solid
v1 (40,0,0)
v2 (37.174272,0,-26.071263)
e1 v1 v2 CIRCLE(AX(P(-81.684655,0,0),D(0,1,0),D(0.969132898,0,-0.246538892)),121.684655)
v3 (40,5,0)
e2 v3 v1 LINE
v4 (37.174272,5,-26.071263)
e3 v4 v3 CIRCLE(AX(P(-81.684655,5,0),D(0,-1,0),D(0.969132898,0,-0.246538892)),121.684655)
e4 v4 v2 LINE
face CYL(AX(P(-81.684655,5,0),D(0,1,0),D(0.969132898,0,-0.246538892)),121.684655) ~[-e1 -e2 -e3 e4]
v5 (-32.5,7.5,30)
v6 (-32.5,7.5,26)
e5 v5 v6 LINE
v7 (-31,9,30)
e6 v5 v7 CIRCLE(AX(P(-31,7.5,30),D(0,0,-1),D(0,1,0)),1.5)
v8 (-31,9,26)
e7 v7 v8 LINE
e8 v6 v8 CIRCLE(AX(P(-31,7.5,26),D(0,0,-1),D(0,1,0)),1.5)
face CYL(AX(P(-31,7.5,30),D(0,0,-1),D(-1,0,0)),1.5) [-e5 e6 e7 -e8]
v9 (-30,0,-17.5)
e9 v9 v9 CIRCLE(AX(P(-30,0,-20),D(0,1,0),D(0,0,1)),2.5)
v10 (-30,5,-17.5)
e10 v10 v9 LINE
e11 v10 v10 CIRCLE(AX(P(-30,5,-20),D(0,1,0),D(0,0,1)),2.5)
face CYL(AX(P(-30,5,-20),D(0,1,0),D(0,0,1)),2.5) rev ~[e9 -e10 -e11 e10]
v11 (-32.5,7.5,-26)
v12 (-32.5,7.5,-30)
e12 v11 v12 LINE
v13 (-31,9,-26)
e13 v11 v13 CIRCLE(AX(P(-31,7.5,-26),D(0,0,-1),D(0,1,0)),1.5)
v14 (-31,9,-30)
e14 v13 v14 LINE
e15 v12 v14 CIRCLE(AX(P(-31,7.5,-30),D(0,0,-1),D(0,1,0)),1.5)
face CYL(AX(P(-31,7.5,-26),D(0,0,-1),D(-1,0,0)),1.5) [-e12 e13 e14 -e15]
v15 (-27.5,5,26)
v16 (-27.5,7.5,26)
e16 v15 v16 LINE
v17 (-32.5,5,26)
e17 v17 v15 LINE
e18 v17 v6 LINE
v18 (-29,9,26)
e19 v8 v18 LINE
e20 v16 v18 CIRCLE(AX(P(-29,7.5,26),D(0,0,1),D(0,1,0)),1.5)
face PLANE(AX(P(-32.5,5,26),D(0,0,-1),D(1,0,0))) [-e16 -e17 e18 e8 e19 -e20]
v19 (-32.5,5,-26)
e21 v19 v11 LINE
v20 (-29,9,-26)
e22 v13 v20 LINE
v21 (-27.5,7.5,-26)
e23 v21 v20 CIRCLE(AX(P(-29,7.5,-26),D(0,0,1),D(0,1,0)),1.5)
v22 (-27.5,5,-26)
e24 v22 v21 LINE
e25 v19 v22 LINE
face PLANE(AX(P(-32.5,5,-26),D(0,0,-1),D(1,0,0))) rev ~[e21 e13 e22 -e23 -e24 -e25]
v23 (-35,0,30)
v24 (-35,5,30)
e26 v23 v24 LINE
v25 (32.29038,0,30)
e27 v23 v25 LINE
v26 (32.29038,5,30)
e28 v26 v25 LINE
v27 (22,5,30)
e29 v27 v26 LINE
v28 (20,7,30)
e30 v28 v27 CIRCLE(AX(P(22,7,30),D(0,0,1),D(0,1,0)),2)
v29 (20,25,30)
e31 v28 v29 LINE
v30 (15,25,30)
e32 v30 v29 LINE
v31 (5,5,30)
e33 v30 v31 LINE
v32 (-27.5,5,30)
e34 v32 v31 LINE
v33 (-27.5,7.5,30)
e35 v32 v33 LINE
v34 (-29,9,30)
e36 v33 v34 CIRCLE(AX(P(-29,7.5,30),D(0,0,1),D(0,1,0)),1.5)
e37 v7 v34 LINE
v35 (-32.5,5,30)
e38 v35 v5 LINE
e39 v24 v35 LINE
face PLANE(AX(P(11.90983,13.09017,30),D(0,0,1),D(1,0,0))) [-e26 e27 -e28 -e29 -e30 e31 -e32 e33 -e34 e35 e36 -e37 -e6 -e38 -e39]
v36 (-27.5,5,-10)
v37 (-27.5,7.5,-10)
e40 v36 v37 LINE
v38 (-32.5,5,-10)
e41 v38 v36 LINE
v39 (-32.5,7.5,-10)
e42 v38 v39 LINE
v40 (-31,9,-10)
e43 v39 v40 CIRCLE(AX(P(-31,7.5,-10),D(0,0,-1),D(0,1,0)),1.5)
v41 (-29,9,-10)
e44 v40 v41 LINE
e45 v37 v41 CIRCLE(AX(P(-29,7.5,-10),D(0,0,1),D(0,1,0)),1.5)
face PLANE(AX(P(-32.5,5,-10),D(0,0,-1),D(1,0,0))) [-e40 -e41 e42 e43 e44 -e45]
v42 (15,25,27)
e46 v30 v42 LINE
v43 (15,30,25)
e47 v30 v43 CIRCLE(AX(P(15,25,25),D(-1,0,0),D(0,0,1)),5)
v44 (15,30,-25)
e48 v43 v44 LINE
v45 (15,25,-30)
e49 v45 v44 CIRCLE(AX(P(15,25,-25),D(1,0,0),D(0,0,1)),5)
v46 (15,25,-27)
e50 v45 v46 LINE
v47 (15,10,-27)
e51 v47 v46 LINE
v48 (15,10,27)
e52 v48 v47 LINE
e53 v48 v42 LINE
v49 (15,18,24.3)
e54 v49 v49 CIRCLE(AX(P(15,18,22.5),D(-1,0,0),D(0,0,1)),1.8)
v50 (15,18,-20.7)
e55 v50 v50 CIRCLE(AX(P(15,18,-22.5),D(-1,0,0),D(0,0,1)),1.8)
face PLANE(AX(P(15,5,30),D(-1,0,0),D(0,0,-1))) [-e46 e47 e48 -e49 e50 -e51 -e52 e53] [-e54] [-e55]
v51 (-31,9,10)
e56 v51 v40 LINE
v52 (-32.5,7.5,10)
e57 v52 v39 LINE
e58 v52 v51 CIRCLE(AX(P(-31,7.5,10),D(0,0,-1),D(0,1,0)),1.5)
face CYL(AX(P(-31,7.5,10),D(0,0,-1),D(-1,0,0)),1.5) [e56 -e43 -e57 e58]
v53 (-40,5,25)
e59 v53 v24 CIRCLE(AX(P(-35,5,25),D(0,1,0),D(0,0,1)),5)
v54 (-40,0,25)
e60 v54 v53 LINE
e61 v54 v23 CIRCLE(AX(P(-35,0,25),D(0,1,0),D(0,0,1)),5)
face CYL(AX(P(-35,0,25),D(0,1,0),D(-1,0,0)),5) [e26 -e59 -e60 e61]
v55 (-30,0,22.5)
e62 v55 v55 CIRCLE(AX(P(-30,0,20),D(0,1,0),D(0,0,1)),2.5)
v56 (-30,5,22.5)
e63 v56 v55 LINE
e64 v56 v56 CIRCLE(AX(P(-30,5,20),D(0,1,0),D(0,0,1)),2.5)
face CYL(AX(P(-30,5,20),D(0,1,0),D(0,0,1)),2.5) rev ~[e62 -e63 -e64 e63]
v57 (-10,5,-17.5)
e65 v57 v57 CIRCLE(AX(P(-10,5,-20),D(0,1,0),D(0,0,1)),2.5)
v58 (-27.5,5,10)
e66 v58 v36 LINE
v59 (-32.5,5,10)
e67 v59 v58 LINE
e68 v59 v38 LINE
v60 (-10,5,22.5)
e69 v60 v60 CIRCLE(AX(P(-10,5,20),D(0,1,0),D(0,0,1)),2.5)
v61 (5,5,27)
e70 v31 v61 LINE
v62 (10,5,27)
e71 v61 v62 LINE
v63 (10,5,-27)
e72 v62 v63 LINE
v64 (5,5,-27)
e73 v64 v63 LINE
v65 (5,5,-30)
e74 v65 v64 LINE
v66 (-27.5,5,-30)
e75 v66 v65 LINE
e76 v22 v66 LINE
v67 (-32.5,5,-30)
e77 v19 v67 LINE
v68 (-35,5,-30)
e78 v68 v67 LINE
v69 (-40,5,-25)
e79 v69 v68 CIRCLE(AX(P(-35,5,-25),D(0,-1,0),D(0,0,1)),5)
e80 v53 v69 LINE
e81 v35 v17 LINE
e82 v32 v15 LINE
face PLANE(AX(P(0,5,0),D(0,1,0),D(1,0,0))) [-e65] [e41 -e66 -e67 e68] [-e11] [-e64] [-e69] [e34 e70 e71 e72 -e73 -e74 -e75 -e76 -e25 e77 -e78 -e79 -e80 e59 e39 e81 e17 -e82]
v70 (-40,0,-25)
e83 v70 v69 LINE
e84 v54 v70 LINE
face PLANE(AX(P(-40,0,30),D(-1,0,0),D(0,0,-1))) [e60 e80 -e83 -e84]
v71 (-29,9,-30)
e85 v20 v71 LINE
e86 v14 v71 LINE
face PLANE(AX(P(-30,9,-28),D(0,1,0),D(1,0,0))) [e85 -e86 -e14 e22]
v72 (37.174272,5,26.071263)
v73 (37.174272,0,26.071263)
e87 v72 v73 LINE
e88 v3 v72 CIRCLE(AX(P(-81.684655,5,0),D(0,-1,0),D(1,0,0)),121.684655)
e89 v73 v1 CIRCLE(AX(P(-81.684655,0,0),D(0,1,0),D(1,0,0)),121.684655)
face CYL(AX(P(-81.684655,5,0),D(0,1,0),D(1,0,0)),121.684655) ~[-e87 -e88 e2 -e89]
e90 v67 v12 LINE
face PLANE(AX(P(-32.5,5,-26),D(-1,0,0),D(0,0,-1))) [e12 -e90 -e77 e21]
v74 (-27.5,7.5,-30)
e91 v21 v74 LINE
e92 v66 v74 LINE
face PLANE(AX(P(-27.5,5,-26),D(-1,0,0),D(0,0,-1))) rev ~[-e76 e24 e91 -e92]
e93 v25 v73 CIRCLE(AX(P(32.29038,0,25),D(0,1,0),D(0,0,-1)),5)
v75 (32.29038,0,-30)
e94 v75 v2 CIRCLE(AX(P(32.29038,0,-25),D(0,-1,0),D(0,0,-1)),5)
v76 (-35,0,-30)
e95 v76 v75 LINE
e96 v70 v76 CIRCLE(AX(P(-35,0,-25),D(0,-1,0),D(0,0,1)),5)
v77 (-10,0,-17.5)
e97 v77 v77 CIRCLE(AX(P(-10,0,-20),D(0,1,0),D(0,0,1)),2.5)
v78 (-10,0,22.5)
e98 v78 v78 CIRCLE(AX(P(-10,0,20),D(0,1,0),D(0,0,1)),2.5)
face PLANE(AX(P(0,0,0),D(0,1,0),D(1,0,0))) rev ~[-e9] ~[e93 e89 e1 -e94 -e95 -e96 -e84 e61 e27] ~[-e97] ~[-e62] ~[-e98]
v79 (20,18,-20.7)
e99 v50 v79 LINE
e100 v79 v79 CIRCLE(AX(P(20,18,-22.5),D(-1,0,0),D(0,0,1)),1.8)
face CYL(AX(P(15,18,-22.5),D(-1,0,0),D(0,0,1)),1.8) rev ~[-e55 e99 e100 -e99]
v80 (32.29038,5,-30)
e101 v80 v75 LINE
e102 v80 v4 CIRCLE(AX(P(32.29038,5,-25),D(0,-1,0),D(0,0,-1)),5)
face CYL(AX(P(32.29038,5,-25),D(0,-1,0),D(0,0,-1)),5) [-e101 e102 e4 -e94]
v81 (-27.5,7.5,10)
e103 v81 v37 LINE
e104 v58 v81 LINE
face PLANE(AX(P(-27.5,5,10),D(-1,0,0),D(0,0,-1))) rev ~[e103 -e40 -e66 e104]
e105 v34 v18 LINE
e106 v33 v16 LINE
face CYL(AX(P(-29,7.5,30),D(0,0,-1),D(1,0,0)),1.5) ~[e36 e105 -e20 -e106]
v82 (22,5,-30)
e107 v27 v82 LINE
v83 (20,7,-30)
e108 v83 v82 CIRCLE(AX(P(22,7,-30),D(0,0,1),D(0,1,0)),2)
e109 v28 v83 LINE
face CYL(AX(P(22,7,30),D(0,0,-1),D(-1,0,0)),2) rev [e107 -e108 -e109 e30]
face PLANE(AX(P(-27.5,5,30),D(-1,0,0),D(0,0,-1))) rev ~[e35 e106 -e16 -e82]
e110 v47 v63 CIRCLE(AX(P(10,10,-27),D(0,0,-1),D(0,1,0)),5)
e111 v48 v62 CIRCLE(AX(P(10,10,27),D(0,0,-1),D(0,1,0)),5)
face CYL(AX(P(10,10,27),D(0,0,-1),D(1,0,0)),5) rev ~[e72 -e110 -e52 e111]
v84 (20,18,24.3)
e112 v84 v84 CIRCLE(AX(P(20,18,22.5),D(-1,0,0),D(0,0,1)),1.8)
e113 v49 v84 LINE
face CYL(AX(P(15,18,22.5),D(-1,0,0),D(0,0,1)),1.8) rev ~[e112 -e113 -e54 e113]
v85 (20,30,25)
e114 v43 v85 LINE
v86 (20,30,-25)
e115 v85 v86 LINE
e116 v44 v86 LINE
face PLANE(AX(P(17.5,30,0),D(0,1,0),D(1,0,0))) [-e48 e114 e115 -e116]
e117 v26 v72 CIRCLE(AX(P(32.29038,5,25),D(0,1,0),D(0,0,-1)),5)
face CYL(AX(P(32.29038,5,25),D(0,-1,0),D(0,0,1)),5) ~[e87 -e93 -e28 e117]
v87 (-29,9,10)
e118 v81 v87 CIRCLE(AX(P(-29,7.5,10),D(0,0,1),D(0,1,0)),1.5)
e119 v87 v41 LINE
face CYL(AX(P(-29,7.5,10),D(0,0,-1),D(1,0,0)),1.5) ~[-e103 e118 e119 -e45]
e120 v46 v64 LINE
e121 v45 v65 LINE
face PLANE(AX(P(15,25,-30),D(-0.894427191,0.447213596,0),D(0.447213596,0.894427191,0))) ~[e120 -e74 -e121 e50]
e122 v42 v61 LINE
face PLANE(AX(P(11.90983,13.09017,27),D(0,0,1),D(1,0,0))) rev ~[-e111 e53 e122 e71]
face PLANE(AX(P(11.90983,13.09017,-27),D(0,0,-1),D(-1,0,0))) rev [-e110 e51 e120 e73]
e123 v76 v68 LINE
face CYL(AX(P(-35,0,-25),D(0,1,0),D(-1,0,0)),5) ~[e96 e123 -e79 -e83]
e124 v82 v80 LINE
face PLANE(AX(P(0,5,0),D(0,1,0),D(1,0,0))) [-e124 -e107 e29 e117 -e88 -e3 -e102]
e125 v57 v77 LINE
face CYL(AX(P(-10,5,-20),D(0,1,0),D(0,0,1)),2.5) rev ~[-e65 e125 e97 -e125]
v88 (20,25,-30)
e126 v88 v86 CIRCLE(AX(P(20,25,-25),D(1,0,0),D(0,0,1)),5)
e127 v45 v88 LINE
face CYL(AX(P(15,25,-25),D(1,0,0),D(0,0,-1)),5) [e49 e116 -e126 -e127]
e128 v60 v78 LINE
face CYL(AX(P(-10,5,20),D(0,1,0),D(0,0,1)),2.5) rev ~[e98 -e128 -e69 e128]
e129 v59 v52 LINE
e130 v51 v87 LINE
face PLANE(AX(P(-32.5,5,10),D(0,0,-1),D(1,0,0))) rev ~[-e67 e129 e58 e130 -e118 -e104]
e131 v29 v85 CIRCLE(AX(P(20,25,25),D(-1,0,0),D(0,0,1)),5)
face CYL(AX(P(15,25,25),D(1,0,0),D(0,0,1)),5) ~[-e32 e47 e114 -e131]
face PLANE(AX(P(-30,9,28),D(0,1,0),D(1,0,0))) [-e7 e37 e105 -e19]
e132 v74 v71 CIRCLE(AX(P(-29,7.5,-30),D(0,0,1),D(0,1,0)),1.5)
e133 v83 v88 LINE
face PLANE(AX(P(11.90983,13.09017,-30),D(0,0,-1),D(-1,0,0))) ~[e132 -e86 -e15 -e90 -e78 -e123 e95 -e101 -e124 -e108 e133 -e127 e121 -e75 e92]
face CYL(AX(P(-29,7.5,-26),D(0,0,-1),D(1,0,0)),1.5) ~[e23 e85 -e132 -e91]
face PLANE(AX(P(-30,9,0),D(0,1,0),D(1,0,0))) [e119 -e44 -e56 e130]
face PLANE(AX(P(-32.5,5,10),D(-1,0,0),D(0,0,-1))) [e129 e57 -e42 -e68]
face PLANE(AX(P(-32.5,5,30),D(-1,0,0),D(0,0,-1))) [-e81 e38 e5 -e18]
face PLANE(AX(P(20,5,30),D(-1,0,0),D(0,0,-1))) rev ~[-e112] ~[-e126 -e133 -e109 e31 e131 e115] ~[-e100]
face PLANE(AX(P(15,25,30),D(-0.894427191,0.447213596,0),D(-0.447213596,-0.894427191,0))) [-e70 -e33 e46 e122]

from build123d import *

# Parameters (mm, degrees)
SKETCH1_W           = 80
SKETCH1_H           = 60
BOSS_EXTRUDE1_DEPTH = 5
SKETCH2_W           = 5
SKETCH2_H           = 60
BOSS_EXTRUDE2_DEPTH = 25
SKETCH3_R           = 1.8
CUT_EXTRUDE1_DEPTH  = 30
CUT_EXTRUDE2_DEPTH  = 30
FILLET1_R           = 5
SKETCH6_R           = 2.5
CUT_EXTRUDE3_DEPTH  = 30
SKETCH8_W           = 5
SKETCH8_H           = 20
SKETCH8_H_2         = 4
BOSS_EXTRUDE3_DEPTH = 4
FILLET3_R           = 1.5
BOSS_EXTRUDE4_DEPTH = 3
FILLET4_R           = 5
FILLET5_R           = 2


with BuildPart() as part:
    # Sketch1 → Boss-Extrude1 (new body)
    with BuildSketch(Plane(origin=(0, 0, 0), x_dir=(1, 0, 0), z_dir=(0, 1, 0))):
        Rectangle(SKETCH1_W, SKETCH1_H)
    extrude(amount=BOSS_EXTRUDE1_DEPTH)

    # Sketch2 → Boss-Extrude2 (add)
    with BuildSketch(Plane(origin=(0, 5, 0), x_dir=(1, 0, 0), z_dir=(0, 1, 0))):
        with Locations((17.5, 0)):
            Rectangle(SKETCH2_W, SKETCH2_H)
    extrude(amount=BOSS_EXTRUDE2_DEPTH)

    # Sketch3 → Cut-Extrude1 (cut)
    with BuildSketch(Plane.ZY.offset(-15)):
        with Locations((-22.5, 18)):
            Circle(SKETCH3_R)
        with Locations((22.5, 18)):
            Circle(SKETCH3_R)
    extrude(amount=-CUT_EXTRUDE1_DEPTH, mode=Mode.SUBTRACT)

    # Sketch5 → Cut-Extrude2 (cut)
    with BuildSketch(Plane(origin=(0, 5, 0), x_dir=(1, 0, 0), z_dir=(0, 1, 0))):
        with BuildLine():
            Line((40, 30), (36.243947384, 30))
            ThreePointArc((36.243947384, 30), (39.057335538, 15.117108944), (40, 0))
            Line((40, 0), (40, 30))
        make_face()
        with BuildLine():
            Line((40, -30), (40, 0))
            ThreePointArc((40, 0), (39.057335538, -15.117108944), (36.243947384, -30))
            Line((36.243947384, -30), (40, -30))
        make_face()
    extrude(amount=-CUT_EXTRUDE2_DEPTH, mode=Mode.SUBTRACT)

    # Fillet1
    fillet1_edges = [part.edges().sort_by_distance(p)[0] for p in [
        (17.5, 30, 30),
        (17.5, 30, -30),
        (36.243947384, 2.5, 30),
        (36.243947384, 2.5, -30),
        (-40, 2.5, -30),
        (-40, 2.5, 30),
    ]]
    fillet(fillet1_edges, radius=FILLET1_R)

    # Sketch6 → Cut-Extrude3 (cut)
    with BuildSketch(Plane(origin=(0, 5, 0), x_dir=(1, 0, 0), z_dir=(0, 1, 0))):
        with Locations(Location((-30, 20, 0), (0, 0, 270))):
            Circle(SKETCH6_R)
        with Locations(Location((-30, -20, 0), (0, 0, 270))):
            Circle(SKETCH6_R)
        with Locations(Location((-10, 20, 0), (0, 0, 270))):
            Circle(SKETCH6_R)
        with Locations(Location((-10, -20, 0), (0, 0, 270))):
            Circle(SKETCH6_R)
    extrude(amount=-CUT_EXTRUDE3_DEPTH, mode=Mode.SUBTRACT)

    # Sketch8 → Boss-Extrude3 (add)
    with BuildSketch(Plane(origin=(0, 5, 0), x_dir=(1, 0, 0), z_dir=(0, 1, 0))):
        with Locations((-30, 0)):
            Rectangle(SKETCH8_W, SKETCH8_H)
        with Locations((-30, 28)):
            Rectangle(SKETCH8_W, SKETCH8_H_2)
        with Locations((-30, -28)):
            Rectangle(SKETCH8_W, SKETCH8_H_2)
    extrude(amount=BOSS_EXTRUDE3_DEPTH)

    # Fillet3
    fillet3_edges = [part.edges().sort_by_distance(p)[0] for p in [
        (-32.5, 9, 0),
        (-27.5, 9, 0),
        (-27.5, 9, -28),
        (-32.5, 9, -28),
        (-27.5, 9, 28),
        (-32.5, 9, 28),
    ]]
    fillet(fillet3_edges, radius=FILLET3_R)

    # Sketch9 → Boss-Extrude4 (add)
    with BuildSketch(Plane.XY.offset(30)):
        Polygon((15, 25), (5, 5), (15, 5), align=None)
    boss_extrude4 = extrude(amount=-BOSS_EXTRUDE4_DEPTH)

    # Mirror1: Boss-Extrude4 across plane
    add(boss_extrude4.mirror(Plane.XY))

    # Fillet4
    fillet4_edges = [part.edges().sort_by_distance(p)[0] for p in [
        (15, 5, 0),
    ]]
    fillet(fillet4_edges, radius=FILLET4_R)

    # Fillet5
    fillet5_edges = [part.edges().sort_by_distance(p)[0] for p in [
        (20, 5, 0),
    ]]
    fillet(fillet5_edges, radius=FILLET5_R)


solid = part.part
